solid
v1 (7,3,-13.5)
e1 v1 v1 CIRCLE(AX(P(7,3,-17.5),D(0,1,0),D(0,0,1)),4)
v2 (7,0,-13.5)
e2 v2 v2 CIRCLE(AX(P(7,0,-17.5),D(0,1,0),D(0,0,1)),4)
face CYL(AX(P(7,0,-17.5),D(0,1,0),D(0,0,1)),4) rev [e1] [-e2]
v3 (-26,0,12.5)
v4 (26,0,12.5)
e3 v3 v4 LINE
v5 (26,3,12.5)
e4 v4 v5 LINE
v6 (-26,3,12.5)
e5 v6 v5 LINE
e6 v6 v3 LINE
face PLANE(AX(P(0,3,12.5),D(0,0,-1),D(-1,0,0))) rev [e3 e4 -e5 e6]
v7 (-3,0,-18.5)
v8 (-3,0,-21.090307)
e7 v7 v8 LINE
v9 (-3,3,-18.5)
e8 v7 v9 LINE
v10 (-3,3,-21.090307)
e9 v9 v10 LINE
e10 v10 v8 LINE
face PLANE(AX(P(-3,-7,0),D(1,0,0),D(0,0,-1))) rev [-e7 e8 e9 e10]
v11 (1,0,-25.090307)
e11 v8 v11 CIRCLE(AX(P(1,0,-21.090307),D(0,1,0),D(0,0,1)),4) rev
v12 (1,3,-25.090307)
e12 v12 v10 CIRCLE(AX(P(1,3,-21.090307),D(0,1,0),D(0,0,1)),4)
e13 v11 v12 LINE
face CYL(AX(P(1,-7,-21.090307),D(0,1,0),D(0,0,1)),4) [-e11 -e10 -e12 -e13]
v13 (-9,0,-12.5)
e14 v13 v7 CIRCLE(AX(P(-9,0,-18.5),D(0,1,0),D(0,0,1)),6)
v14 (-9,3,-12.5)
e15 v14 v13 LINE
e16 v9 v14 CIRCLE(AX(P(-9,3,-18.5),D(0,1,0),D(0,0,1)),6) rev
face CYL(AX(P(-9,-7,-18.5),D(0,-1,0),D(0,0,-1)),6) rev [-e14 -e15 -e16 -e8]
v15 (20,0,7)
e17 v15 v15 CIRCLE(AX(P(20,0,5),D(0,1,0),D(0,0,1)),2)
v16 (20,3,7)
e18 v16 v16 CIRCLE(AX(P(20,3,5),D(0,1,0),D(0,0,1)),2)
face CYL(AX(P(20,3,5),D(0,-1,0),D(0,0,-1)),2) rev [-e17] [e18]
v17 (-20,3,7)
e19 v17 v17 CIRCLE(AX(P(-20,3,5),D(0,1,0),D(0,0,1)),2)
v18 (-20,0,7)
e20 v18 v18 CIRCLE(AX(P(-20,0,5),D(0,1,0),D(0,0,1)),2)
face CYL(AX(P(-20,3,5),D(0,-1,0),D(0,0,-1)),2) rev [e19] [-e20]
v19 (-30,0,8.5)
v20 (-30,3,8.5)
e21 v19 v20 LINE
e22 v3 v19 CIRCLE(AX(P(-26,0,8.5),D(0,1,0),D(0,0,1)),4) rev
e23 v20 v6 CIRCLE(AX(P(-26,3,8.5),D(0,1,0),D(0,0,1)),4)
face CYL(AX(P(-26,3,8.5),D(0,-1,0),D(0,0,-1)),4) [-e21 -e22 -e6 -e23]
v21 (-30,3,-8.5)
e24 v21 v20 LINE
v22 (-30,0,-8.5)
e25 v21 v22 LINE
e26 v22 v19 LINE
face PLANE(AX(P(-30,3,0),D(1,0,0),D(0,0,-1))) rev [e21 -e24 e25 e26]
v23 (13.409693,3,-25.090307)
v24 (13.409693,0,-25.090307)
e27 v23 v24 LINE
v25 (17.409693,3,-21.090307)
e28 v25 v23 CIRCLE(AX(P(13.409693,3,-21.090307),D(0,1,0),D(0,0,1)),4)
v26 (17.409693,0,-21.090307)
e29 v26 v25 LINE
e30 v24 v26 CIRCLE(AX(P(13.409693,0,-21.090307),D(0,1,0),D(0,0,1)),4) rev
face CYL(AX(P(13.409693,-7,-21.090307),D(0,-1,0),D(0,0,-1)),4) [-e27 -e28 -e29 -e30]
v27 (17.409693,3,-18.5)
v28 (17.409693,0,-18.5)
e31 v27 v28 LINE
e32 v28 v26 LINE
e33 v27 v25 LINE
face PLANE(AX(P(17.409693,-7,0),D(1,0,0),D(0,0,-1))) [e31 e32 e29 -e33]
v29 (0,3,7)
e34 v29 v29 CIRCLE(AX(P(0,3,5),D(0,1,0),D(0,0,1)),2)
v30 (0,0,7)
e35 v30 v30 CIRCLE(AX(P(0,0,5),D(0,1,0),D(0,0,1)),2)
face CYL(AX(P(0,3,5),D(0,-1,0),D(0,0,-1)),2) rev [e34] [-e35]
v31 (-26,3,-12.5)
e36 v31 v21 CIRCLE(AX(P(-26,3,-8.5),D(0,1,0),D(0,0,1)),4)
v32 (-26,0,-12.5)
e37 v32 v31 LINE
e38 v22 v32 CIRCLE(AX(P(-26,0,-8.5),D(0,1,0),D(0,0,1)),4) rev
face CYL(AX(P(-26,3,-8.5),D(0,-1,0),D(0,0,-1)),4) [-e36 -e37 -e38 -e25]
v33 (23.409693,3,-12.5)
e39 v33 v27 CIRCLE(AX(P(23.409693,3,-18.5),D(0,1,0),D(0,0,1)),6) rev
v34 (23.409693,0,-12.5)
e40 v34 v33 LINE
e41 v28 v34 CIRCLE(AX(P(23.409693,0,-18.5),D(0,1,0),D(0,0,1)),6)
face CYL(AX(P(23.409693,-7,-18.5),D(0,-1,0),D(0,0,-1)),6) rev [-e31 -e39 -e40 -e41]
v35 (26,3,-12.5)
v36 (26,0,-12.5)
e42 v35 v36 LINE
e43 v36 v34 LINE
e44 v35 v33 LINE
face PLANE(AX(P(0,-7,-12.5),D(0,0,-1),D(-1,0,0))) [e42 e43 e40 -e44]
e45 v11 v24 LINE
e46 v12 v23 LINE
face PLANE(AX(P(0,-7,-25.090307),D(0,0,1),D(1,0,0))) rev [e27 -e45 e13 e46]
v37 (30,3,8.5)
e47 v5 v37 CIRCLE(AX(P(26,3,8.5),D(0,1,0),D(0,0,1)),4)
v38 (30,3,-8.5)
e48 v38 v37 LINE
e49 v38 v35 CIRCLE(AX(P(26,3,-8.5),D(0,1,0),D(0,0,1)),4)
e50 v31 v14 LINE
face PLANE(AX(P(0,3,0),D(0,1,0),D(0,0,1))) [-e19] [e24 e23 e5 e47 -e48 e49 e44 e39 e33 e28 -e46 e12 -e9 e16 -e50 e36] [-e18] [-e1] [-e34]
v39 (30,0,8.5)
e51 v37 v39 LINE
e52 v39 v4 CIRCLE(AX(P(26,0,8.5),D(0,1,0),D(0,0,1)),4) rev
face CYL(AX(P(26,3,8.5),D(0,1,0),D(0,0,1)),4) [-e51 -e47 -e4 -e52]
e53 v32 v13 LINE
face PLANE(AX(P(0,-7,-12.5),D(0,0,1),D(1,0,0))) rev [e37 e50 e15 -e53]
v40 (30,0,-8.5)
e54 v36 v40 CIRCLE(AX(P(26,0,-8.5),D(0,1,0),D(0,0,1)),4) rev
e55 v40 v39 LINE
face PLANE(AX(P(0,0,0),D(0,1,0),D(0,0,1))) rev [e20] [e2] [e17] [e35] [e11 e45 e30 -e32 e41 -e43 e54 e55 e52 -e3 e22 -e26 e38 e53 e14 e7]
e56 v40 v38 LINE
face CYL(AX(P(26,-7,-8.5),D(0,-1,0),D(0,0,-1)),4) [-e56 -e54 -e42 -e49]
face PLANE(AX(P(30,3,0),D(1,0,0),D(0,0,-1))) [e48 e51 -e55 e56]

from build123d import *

# Parameters (mm, degrees)
SKETCH_1_W          = 60
SKETCH_1_H          = 25
SKETCH_1_R          = 2
EXTRUDE_1_DEPTH     = 3
SKETCH_2_R          = 4
CUT_EXTRUDE_1_DEPTH = 3
CUT_EXTRUDE_2_DEPTH = 10
FILLET_1_R          = 6
FILLET_2_R          = 4
FILLET_3_R          = 4


with BuildPart() as part:
    # 草图1 → 凸台-拉伸1 (new body)
    # profile 1 of 2: a face of its own
    with BuildSketch(Plane(origin=(0, 0, 0), x_dir=(1, 0, 0), z_dir=(0, 1, 0))):
        Rectangle(SKETCH_1_W, SKETCH_1_H)
        with Locations(Location((20, -5, 0), (0, 0, 270))):
            Circle(SKETCH_1_R, mode=Mode.SUBTRACT)
        with Locations(Location((-20, -5, 0), (0, 0, 270))):
            Circle(SKETCH_1_R, mode=Mode.SUBTRACT)
        with Locations(Location((0, -5, 0), (0, 0, 270))):
            Circle(SKETCH_1_R, mode=Mode.SUBTRACT)
    # profile 2 of 2: a face of its own
    with BuildSketch(Plane(origin=(0, 0, 0), x_dir=(1, 0, 0), z_dir=(0, 1, 0))):
        Polygon((10.919107028, 31.580892972), (30, 12.5), (-30, 12.5), align=None)
    extrude(amount=EXTRUDE_1_DEPTH)

    # 草图2 → 切除-拉伸1 (cut)
    with BuildSketch(Plane(origin=(0, 3, 0), x_dir=(1, 0, 0), z_dir=(0, 1, 0))):
        with Locations(Location((7, 17.5, 0), (0, 0, 270))):
            Circle(SKETCH_2_R)
    extrude(amount=-CUT_EXTRUDE_1_DEPTH, mode=Mode.SUBTRACT)

    # 草图3 → 切除-拉伸2 (cut)
    with BuildSketch(Plane(origin=(0, 3, 0), x_dir=(1, 0, 0), z_dir=(0, 1, 0))):
        Polygon((-3, 25.09030677), (-30, 12.5), (-3, 12.5), align=None)
        Polygon((10.919107028, 31.580892972), (-3, 25.09030677), (17.40969323, 25.09030677), align=None)
        Polygon((30, 12.5), (17.40969323, 25.09030677), (17.40969323, 12.5), align=None)
    extrude(amount=-CUT_EXTRUDE_2_DEPTH, mode=Mode.SUBTRACT)

    # 圆角1
    fillet_1_edges = [part.edges().sort_by_distance(p)[0] for p in [
        (-3, 1.5, -12.5),
        (17.40969323, 1.5, -12.5),
    ]]
    fillet(fillet_1_edges, radius=FILLET_1_R)

    # 圆角2
    fillet_2_edges = [part.edges().sort_by_distance(p)[0] for p in [
        (-3, 1.5, -25.09030677),
        (17.40969323, 1.5, -25.09030677),
    ]]
    fillet(fillet_2_edges, radius=FILLET_2_R)

    # 圆角3
    fillet_3_edges = [part.edges().sort_by_distance(p)[0] for p in [
        (30, 1.5, 12.5),
        (-30, 1.5, 12.5),
        (-30, 1.5, -12.5),
        (30, 1.5, -12.5),
    ]]
    fillet(fillet_3_edges, radius=FILLET_3_R)


solid = part.part
